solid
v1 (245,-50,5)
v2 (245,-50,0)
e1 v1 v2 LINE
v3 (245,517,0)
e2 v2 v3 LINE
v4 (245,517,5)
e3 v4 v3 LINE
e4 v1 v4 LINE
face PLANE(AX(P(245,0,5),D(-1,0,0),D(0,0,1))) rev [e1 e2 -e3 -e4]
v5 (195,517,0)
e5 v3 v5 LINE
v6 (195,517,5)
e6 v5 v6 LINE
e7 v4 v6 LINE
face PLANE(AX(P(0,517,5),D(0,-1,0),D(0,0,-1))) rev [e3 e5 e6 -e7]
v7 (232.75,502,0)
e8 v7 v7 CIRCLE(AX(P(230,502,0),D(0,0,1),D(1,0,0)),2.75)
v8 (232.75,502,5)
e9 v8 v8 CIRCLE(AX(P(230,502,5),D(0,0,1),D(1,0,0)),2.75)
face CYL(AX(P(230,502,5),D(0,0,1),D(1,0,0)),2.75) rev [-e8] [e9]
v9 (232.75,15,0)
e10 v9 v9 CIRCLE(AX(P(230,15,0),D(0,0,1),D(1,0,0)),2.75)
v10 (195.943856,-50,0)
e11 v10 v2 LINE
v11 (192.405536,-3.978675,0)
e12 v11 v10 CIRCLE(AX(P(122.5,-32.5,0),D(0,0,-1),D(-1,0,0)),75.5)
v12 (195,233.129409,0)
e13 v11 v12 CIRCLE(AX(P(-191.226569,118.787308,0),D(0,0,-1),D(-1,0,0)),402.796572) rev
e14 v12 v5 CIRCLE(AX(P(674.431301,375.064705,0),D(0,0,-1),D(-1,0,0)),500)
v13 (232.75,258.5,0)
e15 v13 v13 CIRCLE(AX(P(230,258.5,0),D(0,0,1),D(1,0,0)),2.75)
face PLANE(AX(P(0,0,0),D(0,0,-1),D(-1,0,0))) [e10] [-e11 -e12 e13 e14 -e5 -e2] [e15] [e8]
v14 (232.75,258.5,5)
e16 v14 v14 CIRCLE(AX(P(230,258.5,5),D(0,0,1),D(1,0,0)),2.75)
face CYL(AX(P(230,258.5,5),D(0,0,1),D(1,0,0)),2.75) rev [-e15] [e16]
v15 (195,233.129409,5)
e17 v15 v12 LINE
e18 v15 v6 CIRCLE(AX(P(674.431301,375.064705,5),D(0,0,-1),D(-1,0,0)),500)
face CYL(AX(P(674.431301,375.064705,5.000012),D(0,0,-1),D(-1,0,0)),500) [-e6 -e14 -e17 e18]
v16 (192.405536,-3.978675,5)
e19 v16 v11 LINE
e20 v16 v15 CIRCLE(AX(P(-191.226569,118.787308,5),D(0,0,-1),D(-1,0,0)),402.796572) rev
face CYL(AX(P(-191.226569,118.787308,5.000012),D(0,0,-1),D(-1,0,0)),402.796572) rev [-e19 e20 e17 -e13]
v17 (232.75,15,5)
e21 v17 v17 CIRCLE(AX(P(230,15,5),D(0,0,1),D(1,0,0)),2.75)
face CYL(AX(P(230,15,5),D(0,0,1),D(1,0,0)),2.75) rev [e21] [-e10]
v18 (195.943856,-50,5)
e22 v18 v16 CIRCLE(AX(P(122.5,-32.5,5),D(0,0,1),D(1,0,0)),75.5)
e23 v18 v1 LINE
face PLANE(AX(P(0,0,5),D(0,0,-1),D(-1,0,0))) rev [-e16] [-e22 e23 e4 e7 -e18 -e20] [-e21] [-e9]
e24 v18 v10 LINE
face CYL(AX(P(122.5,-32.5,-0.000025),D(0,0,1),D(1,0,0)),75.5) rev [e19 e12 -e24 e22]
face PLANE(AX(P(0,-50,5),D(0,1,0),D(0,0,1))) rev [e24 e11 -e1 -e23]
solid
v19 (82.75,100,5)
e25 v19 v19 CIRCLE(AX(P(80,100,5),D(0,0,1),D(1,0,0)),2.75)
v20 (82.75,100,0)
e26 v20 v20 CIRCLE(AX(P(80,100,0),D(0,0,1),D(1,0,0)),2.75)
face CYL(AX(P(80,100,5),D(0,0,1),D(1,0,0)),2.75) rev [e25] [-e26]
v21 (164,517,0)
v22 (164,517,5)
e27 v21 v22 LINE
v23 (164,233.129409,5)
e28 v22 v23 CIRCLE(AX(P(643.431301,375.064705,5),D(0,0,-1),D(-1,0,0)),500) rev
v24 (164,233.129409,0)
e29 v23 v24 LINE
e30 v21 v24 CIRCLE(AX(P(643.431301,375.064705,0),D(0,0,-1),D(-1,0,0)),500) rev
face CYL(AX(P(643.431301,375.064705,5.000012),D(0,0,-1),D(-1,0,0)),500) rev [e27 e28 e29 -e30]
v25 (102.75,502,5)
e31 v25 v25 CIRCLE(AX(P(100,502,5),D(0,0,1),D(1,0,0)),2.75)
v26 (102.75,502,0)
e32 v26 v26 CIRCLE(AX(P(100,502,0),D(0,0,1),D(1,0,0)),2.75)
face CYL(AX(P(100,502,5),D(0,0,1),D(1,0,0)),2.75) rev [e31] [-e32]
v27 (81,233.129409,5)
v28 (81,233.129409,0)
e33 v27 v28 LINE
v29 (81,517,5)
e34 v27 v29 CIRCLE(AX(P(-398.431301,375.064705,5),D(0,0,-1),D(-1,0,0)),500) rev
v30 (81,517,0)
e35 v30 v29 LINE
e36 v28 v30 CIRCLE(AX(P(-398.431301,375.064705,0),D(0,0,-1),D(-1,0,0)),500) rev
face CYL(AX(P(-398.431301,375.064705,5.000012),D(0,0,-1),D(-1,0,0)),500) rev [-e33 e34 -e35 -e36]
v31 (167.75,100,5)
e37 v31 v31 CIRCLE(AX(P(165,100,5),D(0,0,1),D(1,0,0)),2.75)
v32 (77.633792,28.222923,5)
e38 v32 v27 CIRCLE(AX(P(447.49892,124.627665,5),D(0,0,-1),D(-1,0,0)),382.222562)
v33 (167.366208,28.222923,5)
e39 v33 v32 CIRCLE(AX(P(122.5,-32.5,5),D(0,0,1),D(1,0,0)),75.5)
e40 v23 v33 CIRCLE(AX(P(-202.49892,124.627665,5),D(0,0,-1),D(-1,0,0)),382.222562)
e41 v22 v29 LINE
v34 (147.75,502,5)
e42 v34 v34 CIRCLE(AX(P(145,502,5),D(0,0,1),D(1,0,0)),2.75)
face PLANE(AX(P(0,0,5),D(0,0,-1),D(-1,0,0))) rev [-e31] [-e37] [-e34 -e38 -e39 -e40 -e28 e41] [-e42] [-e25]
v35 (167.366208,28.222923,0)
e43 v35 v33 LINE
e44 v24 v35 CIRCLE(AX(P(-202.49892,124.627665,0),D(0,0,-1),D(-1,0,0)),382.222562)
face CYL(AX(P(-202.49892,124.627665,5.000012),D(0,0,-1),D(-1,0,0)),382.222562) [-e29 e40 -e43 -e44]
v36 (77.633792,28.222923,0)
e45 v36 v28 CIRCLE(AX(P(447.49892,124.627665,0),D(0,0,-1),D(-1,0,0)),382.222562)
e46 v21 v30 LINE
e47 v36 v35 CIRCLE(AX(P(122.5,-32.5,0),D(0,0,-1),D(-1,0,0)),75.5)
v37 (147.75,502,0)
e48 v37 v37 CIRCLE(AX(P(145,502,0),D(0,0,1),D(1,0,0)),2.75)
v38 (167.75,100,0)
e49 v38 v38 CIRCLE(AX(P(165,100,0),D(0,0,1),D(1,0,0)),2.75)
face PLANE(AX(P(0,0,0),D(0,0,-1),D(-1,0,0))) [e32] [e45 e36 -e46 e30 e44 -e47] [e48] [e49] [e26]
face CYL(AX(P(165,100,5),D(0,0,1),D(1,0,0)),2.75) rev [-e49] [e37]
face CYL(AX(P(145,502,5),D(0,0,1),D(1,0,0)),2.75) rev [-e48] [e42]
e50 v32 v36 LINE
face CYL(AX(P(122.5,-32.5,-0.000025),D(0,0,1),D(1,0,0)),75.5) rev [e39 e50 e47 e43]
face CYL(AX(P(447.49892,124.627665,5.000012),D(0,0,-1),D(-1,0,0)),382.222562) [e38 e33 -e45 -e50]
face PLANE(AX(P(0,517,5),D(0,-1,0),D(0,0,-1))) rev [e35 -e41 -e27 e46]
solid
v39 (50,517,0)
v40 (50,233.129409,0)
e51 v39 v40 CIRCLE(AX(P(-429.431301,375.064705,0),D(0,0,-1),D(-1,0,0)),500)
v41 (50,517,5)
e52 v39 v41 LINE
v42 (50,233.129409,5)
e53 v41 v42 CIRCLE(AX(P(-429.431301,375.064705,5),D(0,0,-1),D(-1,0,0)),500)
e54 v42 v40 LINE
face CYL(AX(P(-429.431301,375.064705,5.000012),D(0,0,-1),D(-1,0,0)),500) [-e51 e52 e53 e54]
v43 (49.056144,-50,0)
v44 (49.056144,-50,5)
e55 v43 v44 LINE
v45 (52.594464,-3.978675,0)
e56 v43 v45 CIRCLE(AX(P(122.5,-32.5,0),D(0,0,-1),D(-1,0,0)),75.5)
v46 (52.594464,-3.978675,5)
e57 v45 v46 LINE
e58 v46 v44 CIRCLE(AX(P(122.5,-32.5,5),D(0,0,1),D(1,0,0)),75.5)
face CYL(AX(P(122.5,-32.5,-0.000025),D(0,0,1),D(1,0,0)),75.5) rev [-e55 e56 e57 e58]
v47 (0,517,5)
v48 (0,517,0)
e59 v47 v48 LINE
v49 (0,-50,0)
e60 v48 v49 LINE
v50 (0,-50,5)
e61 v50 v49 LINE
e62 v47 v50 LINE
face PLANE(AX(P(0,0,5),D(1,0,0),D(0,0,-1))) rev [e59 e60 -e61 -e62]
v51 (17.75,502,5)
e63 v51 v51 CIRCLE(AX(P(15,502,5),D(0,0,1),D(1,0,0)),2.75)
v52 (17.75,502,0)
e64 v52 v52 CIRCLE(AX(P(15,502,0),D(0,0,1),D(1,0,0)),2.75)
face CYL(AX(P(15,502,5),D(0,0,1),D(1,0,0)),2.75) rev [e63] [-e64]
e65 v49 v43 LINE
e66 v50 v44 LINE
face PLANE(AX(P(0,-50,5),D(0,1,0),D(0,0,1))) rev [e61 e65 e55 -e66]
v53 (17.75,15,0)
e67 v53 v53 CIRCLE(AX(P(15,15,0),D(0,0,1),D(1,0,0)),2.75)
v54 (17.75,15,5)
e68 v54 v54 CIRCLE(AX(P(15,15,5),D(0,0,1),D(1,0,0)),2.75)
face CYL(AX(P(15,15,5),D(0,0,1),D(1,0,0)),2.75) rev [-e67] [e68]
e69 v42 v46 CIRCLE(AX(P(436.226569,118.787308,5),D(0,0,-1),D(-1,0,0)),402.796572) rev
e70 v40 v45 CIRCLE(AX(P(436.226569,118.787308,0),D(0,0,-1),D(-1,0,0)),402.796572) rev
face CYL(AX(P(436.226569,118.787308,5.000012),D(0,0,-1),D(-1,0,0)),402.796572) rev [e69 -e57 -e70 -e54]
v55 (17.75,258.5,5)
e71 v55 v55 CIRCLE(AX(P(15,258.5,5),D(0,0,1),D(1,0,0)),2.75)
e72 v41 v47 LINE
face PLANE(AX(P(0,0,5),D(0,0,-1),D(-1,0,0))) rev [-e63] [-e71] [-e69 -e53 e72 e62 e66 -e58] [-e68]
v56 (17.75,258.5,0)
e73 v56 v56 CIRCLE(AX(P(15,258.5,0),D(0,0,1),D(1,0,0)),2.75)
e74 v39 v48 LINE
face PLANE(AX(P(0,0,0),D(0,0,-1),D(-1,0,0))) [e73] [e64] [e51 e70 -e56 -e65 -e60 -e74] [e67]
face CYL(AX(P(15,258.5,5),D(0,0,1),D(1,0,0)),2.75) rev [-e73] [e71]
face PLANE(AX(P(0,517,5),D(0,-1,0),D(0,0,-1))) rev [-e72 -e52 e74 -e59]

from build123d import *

# Parameters (mm, degrees)
ESQUISSE1_W                         = 245
ESQUISSE1_H                         = 517
BOSS_EXTRU_1_DEPTH                  = 5
D_GAGEMENT_M51_D                    = 5.5
BOSS_EXTRU_2_DEPTH                  = 5
ENL_V_MAT_EXTRU_4_REACH             = 7
ENL_V_MAT_EXTRU_4_DIRECTION_2_DEPTH = 1
ESQUISSE9_R                         = 75.5
ENL_V_MAT_EXTRU_5_DEPTH             = 6
ENL_V_MAT_EXTRU_7_REACH             = 7
ESQUISSE13_W                        = 5
ESQUISSE13_H                        = 17


with BuildPart() as part:
    # Esquisse1 → Boss.-Extru.1 (new body)
    with BuildSketch(Plane.XY):
        with Locations((122.5, 258.5)):
            Rectangle(ESQUISSE1_W, ESQUISSE1_H)
    extrude(amount=BOSS_EXTRU_1_DEPTH)

    # Dégagement M51 (through all)
    with Locations(Plane(origin=(15, 502, 5), x_dir=(1, 0, 0), z_dir=(0, 0, 1))):
        with Locations((0, 0), (0, -487), (0, -243.5), (85, 0), (130, 0), (65, -402), (150, -402), (215, -487), (215, -243.5), (215, 0)):
            Hole(D_GAGEMENT_M51_D / 2)

    # Esquisse5 → Boss.-Extru.2 (add)
    with BuildSketch(Plane.XY):
        Polygon((0, 0), (245, 0), (245, -50), (0, -50), (-5, -50), (-5, -33), (0, -33), align=None)
    extrude(amount=BOSS_EXTRU_2_DEPTH)

    # Esquisse7 → Enlèv. mat.-Extru.4 (cut, up to next)
    with BuildSketch(Plane.XY.offset(5), mode=Mode.PRIVATE) as enl_v_mat_extru_4_sk1:
        with BuildLine():
            Line((50, 517), (81, 517))
            ThreePointArc((81, 517), (101.568699483, 375.064704586), (81, 233.129409171))
            ThreePointArc((81, 233.129409171), (66.939640676, 89.008542991), (107.5, -50))
            Line((107.5, -50), (70.5, -50))
            ThreePointArc((70.5, -50), (34.481692227, 89.698948884), (50, 233.129409171))
            ThreePointArc((50, 233.129409171), (70.568699483, 375.064704586), (50, 517))
        make_face()
    enl_v_mat_extru_4_tool1 = extrude(enl_v_mat_extru_4_sk1.sketch, amount=-ENL_V_MAT_EXTRU_4_REACH, mode=Mode.PRIVATE) & part.part
    add(enl_v_mat_extru_4_tool1.solids().sort_by_distance((69.238426, 227.207217, 5))[0], mode=Mode.SUBTRACT)
    # Esquisse7 → Enlèv. mat.-Extru.4 (cut, up to next)
    with BuildSketch(Plane.XY.offset(5), mode=Mode.PRIVATE) as enl_v_mat_extru_4_sk2:
        with BuildLine():
            Line((164, 517), (195, 517))
            ThreePointArc((195, 517), (174.431300517, 375.064704586), (195, 233.129409171))
            ThreePointArc((195, 233.129409171), (210.518307773, 89.698948884), (174.5, -50))
            Line((174.5, -50), (137.5, -50))
            ThreePointArc((137.5, -50), (178.060359324, 89.008542991), (164, 233.129409171))
            ThreePointArc((164, 233.129409171), (143.431300517, 375.064704586), (164, 517))
        make_face()
    enl_v_mat_extru_4_tool2 = extrude(enl_v_mat_extru_4_sk2.sketch, amount=-ENL_V_MAT_EXTRU_4_REACH, mode=Mode.PRIVATE) & part.part
    add(enl_v_mat_extru_4_tool2.solids().sort_by_distance((175.761574, 227.207217, 5))[0], mode=Mode.SUBTRACT)

    # Esquisse7 → Enlèv. mat.-Extru.4 direction 2 (cut)
    with BuildSketch(Plane.XY.offset(5)):
        with BuildLine():
            Line((50, 517), (81, 517))
            ThreePointArc((81, 517), (101.568699483, 375.064704586), (81, 233.129409171))
            ThreePointArc((81, 233.129409171), (66.939640676, 89.008542991), (107.5, -50))
            Line((107.5, -50), (70.5, -50))
            ThreePointArc((70.5, -50), (34.481692227, 89.698948884), (50, 233.129409171))
            ThreePointArc((50, 233.129409171), (70.568699483, 375.064704586), (50, 517))
        make_face()
        with BuildLine():
            Line((164, 517), (195, 517))
            ThreePointArc((195, 517), (174.431300517, 375.064704586), (195, 233.129409171))
            ThreePointArc((195, 233.129409171), (210.518307773, 89.698948884), (174.5, -50))
            Line((174.5, -50), (137.5, -50))
            ThreePointArc((137.5, -50), (178.060359324, 89.008542991), (164, 233.129409171))
            ThreePointArc((164, 233.129409171), (143.431300517, 375.064704586), (164, 517))
        make_face()
    extrude(amount=ENL_V_MAT_EXTRU_4_DIRECTION_2_DEPTH, mode=Mode.SUBTRACT)

    # Esquisse9 → Enlèv. mat.-Extru.5 (cut, through all)
    with BuildSketch(Plane.XY.offset(5)):
        with Locations((122.5, -32.5)):
            Circle(ESQUISSE9_R)
    extrude(amount=-ENL_V_MAT_EXTRU_5_DEPTH, mode=Mode.SUBTRACT)

    # Esquisse13 → Enlèv. mat.-Extru.7 (cut, up to next)
    with BuildSketch(Plane(origin=(0, 0, 0), x_dir=(-1, 0, 0), z_dir=(0, 0, -1)), mode=Mode.PRIVATE) as enl_v_mat_extru_7_sk1:
        with Locations((2.5, -41.5)):
            Rectangle(ESQUISSE13_W, ESQUISSE13_H)
    enl_v_mat_extru_7_tool1 = extrude(enl_v_mat_extru_7_sk1.sketch, amount=-ENL_V_MAT_EXTRU_7_REACH, mode=Mode.PRIVATE) & part.part
    add(enl_v_mat_extru_7_tool1.solids().sort_by_distance((-2.5, -41.5, 0))[0], mode=Mode.SUBTRACT)


solid = part.part
